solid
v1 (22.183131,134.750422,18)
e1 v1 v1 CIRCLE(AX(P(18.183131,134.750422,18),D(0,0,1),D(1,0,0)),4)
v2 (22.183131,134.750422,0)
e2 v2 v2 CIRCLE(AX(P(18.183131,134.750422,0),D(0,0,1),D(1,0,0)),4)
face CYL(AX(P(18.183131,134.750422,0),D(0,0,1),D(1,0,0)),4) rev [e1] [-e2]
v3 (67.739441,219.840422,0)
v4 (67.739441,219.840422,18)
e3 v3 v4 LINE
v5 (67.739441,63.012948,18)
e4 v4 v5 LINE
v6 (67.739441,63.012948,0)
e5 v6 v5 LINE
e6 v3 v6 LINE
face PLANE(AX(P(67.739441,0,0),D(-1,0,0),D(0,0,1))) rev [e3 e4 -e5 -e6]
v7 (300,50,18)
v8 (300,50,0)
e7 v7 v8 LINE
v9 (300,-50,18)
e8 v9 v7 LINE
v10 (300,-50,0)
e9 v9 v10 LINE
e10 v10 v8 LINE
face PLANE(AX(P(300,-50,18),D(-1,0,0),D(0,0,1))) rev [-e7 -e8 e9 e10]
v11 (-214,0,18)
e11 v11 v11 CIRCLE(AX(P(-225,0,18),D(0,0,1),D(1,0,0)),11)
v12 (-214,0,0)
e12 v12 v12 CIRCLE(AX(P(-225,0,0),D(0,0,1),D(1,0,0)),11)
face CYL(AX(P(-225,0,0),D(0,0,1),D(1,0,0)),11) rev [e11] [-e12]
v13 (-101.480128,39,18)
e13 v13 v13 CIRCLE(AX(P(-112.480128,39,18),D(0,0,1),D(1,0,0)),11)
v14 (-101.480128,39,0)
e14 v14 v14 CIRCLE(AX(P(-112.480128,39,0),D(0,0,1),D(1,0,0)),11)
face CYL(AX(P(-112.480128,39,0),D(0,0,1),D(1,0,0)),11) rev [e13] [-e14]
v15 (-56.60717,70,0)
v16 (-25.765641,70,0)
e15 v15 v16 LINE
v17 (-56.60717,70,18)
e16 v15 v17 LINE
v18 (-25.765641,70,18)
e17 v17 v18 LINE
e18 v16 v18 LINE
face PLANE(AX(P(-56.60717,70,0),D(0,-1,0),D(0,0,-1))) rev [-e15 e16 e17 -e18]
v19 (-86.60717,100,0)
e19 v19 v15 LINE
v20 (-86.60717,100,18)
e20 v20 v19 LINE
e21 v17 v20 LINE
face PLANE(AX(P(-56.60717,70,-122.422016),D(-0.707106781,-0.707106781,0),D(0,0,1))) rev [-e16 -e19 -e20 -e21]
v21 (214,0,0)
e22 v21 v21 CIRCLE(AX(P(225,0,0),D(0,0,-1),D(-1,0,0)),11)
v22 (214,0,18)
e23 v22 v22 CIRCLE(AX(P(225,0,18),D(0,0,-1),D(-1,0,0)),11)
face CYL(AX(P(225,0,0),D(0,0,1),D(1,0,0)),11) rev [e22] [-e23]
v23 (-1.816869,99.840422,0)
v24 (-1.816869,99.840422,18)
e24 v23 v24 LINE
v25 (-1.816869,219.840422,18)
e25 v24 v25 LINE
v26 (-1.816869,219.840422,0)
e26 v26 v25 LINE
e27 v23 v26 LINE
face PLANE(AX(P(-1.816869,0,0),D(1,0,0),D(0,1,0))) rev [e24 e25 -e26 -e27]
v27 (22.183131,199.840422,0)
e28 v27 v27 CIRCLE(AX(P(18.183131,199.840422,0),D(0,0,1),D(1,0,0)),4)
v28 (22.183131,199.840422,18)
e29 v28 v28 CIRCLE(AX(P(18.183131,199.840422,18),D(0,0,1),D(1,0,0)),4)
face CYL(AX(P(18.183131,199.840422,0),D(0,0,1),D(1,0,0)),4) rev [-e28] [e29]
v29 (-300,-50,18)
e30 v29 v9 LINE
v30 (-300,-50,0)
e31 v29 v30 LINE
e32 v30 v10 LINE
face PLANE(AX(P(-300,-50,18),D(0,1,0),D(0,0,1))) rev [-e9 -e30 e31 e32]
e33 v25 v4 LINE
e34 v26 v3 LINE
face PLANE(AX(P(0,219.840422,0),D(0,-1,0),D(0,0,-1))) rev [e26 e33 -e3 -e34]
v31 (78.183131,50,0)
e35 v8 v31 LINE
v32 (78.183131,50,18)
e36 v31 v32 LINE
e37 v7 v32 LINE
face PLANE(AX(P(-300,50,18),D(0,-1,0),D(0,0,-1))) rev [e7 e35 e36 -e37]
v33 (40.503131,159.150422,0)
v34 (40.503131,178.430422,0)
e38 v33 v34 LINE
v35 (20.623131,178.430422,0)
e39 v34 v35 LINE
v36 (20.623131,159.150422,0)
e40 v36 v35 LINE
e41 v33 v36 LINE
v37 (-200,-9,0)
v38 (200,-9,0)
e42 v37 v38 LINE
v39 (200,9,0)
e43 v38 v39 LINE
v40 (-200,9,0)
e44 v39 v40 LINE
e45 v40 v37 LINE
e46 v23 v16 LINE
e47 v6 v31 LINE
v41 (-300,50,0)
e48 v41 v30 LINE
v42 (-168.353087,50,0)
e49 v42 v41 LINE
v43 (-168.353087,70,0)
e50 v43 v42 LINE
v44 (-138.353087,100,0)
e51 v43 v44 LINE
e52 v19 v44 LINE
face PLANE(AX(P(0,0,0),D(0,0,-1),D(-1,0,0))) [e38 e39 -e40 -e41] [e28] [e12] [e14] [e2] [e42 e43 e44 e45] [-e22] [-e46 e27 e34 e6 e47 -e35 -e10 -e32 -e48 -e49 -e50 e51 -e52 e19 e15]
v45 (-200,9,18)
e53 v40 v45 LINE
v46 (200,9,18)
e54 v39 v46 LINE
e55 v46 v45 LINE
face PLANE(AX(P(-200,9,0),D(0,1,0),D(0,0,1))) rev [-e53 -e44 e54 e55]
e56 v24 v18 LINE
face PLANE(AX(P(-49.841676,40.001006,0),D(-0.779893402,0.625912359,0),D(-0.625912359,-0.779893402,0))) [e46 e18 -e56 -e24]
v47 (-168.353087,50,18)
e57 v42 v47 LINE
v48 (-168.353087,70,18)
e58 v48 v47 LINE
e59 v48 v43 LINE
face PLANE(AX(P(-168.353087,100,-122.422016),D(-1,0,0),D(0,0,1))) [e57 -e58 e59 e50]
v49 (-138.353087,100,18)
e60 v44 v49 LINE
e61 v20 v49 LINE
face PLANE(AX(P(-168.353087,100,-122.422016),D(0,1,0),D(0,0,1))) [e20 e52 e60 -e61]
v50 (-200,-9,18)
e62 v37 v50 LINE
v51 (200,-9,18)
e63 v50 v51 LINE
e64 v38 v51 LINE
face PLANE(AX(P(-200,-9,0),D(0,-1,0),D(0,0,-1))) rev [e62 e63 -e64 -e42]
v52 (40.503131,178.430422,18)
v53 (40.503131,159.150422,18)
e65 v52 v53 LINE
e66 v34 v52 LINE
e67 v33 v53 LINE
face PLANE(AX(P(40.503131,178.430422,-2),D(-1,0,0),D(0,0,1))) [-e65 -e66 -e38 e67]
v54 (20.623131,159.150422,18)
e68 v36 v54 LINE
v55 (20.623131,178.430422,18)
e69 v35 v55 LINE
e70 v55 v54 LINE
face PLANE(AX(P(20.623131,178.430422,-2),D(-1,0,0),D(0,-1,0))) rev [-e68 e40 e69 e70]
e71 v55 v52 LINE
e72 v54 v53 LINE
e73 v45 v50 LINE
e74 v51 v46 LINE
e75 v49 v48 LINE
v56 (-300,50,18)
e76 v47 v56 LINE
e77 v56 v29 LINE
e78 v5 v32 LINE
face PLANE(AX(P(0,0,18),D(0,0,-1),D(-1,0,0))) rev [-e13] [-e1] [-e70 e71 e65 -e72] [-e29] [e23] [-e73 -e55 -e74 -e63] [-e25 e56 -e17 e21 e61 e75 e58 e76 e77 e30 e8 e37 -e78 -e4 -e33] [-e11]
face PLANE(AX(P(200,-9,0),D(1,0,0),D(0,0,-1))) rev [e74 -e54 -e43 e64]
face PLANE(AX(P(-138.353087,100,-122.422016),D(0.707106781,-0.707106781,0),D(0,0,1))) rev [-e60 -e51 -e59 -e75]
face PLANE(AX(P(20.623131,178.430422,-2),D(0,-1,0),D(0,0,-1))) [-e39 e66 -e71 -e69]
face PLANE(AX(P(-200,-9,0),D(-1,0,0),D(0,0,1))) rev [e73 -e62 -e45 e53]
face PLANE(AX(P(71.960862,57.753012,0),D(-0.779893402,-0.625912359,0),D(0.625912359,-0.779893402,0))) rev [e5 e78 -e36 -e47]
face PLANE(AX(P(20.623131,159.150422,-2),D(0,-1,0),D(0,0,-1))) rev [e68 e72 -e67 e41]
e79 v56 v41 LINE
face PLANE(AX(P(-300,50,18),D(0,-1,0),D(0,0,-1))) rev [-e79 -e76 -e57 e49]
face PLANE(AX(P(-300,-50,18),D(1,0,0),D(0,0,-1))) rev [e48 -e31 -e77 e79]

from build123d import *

# Parameters (mm, degrees)
SCHIZZO1_W                   = 600
SCHIZZO1_H                   = 100
ESTRUSIONE_ESTRUSIONE1_DEPTH = 18
SCHIZZO2_W                   = 400
SCHIZZO2_H                   = 18
TAGLIO_ESTRUSIONE1_DEPTH     = 18
SCHIZZO3_R                   = 11
TAGLIO_ESTRUSIONE2_DEPTH     = 18
SCHIZZO7_W                   = 111.74591768
SCHIZZO7_H                   = 50
ESTRUSIONE_ESTRUSIONE2_DEPTH = 18
SCHIZZO4_R                   = 11
TAGLIO_ESTRUSIONE4_DEPTH     = 18
SMUSSO1_SIZE                 = 30
SCHIZZO9_R                   = 4
ESTRUSIONE_ESTRUSIONE3_DEPTH = 18
ESTRUSIONE_ESTRUSIONE4_DEPTH = 18
SCHIZZO15_W                  = 19.88
SCHIZZO15_H                  = 19.28
TAGLIO_ESTRUSIONE7_DEPTH     = 20


with BuildPart() as part:
    # Schizzo1 → Estrusione-Estrusione1 (new body)
    with BuildSketch(Plane.XY):
        Rectangle(SCHIZZO1_W, SCHIZZO1_H)
    extrude(amount=ESTRUSIONE_ESTRUSIONE1_DEPTH)

    # Schizzo2 → Taglio-Estrusione1 (cut)
    with BuildSketch(Plane.XY.offset(18)):
        Rectangle(SCHIZZO2_W, SCHIZZO2_H)
    extrude(amount=-TAGLIO_ESTRUSIONE1_DEPTH, mode=Mode.SUBTRACT)

    # Schizzo3 → Taglio-Estrusione2 (cut)
    with BuildSketch(Plane.XY.offset(18)):
        with Locations((-225, 0)):
            Circle(SCHIZZO3_R)
    taglio_estrusione2 = extrude(amount=-TAGLIO_ESTRUSIONE2_DEPTH, mode=Mode.SUBTRACT)

    # Specchia1: Taglio-Estrusione2 across plane
    add(taglio_estrusione2.mirror(Plane(origin=(0, 0, 0), x_dir=(0, 0, 1), z_dir=(1, 0, 0))), mode=Mode.SUBTRACT)

    # Schizzo7 → Estrusione-Estrusione2 (add)
    with BuildSketch(Plane.XY.offset(18)):
        with Locations((-112.480128411, 75)):
            Rectangle(SCHIZZO7_W, SCHIZZO7_H)
    extrude(amount=-ESTRUSIONE_ESTRUSIONE2_DEPTH)

    # Schizzo4 → Taglio-Estrusione4 (cut)
    with BuildSketch(Plane.XY.offset(18)):
        with Locations((-112.480128411, 39)):
            Circle(SCHIZZO4_R)
    extrude(amount=-TAGLIO_ESTRUSIONE4_DEPTH, mode=Mode.SUBTRACT)

    # Smusso1
    smusso1_edges = [part.edges().sort_by_distance(p)[0] for p in [
        (-168.353087251, 100, 9),
        (-56.607169571, 100, 9),
    ]]
    chamfer(smusso1_edges, length=SMUSSO1_SIZE)

    # Schizzo9 → Estrusione-Estrusione3 (add)
    with BuildSketch(Plane.XY.offset(18)):
        Polygon((-1.816869292, 219.840422), (-1.816869292, 99.840422), (-41.816869292, 50), (78.183130708, 50), (67.739440982, 63.012947579), (67.739440982, 219.840422), align=None)
        with Locations((18.183130708, 199.840422)):
            Circle(SCHIZZO9_R, mode=Mode.SUBTRACT)
        with Locations((18.183130708, 134.750422)):
            Circle(SCHIZZO9_R, mode=Mode.SUBTRACT)
    extrude(amount=-ESTRUSIONE_ESTRUSIONE3_DEPTH)

    # Schizzo10 → Estrusione-Estrusione4 (add)
    with BuildSketch(Plane.XY.offset(18)):
        Polygon((-56.607169571, 70), (-25.765640833, 70), (-41.816869292, 50), (-56.607169571, 50), align=None)
    extrude(amount=-ESTRUSIONE_ESTRUSIONE4_DEPTH)

    # Schizzo15 → Taglio-Estrusione7 (cut)
    with BuildSketch(Plane.XY.offset(18)):
        with Locations((30.563130708, 168.790422)):
            Rectangle(SCHIZZO15_W, SCHIZZO15_H)
    extrude(amount=-TAGLIO_ESTRUSIONE7_DEPTH, mode=Mode.SUBTRACT)


solid = part.part
